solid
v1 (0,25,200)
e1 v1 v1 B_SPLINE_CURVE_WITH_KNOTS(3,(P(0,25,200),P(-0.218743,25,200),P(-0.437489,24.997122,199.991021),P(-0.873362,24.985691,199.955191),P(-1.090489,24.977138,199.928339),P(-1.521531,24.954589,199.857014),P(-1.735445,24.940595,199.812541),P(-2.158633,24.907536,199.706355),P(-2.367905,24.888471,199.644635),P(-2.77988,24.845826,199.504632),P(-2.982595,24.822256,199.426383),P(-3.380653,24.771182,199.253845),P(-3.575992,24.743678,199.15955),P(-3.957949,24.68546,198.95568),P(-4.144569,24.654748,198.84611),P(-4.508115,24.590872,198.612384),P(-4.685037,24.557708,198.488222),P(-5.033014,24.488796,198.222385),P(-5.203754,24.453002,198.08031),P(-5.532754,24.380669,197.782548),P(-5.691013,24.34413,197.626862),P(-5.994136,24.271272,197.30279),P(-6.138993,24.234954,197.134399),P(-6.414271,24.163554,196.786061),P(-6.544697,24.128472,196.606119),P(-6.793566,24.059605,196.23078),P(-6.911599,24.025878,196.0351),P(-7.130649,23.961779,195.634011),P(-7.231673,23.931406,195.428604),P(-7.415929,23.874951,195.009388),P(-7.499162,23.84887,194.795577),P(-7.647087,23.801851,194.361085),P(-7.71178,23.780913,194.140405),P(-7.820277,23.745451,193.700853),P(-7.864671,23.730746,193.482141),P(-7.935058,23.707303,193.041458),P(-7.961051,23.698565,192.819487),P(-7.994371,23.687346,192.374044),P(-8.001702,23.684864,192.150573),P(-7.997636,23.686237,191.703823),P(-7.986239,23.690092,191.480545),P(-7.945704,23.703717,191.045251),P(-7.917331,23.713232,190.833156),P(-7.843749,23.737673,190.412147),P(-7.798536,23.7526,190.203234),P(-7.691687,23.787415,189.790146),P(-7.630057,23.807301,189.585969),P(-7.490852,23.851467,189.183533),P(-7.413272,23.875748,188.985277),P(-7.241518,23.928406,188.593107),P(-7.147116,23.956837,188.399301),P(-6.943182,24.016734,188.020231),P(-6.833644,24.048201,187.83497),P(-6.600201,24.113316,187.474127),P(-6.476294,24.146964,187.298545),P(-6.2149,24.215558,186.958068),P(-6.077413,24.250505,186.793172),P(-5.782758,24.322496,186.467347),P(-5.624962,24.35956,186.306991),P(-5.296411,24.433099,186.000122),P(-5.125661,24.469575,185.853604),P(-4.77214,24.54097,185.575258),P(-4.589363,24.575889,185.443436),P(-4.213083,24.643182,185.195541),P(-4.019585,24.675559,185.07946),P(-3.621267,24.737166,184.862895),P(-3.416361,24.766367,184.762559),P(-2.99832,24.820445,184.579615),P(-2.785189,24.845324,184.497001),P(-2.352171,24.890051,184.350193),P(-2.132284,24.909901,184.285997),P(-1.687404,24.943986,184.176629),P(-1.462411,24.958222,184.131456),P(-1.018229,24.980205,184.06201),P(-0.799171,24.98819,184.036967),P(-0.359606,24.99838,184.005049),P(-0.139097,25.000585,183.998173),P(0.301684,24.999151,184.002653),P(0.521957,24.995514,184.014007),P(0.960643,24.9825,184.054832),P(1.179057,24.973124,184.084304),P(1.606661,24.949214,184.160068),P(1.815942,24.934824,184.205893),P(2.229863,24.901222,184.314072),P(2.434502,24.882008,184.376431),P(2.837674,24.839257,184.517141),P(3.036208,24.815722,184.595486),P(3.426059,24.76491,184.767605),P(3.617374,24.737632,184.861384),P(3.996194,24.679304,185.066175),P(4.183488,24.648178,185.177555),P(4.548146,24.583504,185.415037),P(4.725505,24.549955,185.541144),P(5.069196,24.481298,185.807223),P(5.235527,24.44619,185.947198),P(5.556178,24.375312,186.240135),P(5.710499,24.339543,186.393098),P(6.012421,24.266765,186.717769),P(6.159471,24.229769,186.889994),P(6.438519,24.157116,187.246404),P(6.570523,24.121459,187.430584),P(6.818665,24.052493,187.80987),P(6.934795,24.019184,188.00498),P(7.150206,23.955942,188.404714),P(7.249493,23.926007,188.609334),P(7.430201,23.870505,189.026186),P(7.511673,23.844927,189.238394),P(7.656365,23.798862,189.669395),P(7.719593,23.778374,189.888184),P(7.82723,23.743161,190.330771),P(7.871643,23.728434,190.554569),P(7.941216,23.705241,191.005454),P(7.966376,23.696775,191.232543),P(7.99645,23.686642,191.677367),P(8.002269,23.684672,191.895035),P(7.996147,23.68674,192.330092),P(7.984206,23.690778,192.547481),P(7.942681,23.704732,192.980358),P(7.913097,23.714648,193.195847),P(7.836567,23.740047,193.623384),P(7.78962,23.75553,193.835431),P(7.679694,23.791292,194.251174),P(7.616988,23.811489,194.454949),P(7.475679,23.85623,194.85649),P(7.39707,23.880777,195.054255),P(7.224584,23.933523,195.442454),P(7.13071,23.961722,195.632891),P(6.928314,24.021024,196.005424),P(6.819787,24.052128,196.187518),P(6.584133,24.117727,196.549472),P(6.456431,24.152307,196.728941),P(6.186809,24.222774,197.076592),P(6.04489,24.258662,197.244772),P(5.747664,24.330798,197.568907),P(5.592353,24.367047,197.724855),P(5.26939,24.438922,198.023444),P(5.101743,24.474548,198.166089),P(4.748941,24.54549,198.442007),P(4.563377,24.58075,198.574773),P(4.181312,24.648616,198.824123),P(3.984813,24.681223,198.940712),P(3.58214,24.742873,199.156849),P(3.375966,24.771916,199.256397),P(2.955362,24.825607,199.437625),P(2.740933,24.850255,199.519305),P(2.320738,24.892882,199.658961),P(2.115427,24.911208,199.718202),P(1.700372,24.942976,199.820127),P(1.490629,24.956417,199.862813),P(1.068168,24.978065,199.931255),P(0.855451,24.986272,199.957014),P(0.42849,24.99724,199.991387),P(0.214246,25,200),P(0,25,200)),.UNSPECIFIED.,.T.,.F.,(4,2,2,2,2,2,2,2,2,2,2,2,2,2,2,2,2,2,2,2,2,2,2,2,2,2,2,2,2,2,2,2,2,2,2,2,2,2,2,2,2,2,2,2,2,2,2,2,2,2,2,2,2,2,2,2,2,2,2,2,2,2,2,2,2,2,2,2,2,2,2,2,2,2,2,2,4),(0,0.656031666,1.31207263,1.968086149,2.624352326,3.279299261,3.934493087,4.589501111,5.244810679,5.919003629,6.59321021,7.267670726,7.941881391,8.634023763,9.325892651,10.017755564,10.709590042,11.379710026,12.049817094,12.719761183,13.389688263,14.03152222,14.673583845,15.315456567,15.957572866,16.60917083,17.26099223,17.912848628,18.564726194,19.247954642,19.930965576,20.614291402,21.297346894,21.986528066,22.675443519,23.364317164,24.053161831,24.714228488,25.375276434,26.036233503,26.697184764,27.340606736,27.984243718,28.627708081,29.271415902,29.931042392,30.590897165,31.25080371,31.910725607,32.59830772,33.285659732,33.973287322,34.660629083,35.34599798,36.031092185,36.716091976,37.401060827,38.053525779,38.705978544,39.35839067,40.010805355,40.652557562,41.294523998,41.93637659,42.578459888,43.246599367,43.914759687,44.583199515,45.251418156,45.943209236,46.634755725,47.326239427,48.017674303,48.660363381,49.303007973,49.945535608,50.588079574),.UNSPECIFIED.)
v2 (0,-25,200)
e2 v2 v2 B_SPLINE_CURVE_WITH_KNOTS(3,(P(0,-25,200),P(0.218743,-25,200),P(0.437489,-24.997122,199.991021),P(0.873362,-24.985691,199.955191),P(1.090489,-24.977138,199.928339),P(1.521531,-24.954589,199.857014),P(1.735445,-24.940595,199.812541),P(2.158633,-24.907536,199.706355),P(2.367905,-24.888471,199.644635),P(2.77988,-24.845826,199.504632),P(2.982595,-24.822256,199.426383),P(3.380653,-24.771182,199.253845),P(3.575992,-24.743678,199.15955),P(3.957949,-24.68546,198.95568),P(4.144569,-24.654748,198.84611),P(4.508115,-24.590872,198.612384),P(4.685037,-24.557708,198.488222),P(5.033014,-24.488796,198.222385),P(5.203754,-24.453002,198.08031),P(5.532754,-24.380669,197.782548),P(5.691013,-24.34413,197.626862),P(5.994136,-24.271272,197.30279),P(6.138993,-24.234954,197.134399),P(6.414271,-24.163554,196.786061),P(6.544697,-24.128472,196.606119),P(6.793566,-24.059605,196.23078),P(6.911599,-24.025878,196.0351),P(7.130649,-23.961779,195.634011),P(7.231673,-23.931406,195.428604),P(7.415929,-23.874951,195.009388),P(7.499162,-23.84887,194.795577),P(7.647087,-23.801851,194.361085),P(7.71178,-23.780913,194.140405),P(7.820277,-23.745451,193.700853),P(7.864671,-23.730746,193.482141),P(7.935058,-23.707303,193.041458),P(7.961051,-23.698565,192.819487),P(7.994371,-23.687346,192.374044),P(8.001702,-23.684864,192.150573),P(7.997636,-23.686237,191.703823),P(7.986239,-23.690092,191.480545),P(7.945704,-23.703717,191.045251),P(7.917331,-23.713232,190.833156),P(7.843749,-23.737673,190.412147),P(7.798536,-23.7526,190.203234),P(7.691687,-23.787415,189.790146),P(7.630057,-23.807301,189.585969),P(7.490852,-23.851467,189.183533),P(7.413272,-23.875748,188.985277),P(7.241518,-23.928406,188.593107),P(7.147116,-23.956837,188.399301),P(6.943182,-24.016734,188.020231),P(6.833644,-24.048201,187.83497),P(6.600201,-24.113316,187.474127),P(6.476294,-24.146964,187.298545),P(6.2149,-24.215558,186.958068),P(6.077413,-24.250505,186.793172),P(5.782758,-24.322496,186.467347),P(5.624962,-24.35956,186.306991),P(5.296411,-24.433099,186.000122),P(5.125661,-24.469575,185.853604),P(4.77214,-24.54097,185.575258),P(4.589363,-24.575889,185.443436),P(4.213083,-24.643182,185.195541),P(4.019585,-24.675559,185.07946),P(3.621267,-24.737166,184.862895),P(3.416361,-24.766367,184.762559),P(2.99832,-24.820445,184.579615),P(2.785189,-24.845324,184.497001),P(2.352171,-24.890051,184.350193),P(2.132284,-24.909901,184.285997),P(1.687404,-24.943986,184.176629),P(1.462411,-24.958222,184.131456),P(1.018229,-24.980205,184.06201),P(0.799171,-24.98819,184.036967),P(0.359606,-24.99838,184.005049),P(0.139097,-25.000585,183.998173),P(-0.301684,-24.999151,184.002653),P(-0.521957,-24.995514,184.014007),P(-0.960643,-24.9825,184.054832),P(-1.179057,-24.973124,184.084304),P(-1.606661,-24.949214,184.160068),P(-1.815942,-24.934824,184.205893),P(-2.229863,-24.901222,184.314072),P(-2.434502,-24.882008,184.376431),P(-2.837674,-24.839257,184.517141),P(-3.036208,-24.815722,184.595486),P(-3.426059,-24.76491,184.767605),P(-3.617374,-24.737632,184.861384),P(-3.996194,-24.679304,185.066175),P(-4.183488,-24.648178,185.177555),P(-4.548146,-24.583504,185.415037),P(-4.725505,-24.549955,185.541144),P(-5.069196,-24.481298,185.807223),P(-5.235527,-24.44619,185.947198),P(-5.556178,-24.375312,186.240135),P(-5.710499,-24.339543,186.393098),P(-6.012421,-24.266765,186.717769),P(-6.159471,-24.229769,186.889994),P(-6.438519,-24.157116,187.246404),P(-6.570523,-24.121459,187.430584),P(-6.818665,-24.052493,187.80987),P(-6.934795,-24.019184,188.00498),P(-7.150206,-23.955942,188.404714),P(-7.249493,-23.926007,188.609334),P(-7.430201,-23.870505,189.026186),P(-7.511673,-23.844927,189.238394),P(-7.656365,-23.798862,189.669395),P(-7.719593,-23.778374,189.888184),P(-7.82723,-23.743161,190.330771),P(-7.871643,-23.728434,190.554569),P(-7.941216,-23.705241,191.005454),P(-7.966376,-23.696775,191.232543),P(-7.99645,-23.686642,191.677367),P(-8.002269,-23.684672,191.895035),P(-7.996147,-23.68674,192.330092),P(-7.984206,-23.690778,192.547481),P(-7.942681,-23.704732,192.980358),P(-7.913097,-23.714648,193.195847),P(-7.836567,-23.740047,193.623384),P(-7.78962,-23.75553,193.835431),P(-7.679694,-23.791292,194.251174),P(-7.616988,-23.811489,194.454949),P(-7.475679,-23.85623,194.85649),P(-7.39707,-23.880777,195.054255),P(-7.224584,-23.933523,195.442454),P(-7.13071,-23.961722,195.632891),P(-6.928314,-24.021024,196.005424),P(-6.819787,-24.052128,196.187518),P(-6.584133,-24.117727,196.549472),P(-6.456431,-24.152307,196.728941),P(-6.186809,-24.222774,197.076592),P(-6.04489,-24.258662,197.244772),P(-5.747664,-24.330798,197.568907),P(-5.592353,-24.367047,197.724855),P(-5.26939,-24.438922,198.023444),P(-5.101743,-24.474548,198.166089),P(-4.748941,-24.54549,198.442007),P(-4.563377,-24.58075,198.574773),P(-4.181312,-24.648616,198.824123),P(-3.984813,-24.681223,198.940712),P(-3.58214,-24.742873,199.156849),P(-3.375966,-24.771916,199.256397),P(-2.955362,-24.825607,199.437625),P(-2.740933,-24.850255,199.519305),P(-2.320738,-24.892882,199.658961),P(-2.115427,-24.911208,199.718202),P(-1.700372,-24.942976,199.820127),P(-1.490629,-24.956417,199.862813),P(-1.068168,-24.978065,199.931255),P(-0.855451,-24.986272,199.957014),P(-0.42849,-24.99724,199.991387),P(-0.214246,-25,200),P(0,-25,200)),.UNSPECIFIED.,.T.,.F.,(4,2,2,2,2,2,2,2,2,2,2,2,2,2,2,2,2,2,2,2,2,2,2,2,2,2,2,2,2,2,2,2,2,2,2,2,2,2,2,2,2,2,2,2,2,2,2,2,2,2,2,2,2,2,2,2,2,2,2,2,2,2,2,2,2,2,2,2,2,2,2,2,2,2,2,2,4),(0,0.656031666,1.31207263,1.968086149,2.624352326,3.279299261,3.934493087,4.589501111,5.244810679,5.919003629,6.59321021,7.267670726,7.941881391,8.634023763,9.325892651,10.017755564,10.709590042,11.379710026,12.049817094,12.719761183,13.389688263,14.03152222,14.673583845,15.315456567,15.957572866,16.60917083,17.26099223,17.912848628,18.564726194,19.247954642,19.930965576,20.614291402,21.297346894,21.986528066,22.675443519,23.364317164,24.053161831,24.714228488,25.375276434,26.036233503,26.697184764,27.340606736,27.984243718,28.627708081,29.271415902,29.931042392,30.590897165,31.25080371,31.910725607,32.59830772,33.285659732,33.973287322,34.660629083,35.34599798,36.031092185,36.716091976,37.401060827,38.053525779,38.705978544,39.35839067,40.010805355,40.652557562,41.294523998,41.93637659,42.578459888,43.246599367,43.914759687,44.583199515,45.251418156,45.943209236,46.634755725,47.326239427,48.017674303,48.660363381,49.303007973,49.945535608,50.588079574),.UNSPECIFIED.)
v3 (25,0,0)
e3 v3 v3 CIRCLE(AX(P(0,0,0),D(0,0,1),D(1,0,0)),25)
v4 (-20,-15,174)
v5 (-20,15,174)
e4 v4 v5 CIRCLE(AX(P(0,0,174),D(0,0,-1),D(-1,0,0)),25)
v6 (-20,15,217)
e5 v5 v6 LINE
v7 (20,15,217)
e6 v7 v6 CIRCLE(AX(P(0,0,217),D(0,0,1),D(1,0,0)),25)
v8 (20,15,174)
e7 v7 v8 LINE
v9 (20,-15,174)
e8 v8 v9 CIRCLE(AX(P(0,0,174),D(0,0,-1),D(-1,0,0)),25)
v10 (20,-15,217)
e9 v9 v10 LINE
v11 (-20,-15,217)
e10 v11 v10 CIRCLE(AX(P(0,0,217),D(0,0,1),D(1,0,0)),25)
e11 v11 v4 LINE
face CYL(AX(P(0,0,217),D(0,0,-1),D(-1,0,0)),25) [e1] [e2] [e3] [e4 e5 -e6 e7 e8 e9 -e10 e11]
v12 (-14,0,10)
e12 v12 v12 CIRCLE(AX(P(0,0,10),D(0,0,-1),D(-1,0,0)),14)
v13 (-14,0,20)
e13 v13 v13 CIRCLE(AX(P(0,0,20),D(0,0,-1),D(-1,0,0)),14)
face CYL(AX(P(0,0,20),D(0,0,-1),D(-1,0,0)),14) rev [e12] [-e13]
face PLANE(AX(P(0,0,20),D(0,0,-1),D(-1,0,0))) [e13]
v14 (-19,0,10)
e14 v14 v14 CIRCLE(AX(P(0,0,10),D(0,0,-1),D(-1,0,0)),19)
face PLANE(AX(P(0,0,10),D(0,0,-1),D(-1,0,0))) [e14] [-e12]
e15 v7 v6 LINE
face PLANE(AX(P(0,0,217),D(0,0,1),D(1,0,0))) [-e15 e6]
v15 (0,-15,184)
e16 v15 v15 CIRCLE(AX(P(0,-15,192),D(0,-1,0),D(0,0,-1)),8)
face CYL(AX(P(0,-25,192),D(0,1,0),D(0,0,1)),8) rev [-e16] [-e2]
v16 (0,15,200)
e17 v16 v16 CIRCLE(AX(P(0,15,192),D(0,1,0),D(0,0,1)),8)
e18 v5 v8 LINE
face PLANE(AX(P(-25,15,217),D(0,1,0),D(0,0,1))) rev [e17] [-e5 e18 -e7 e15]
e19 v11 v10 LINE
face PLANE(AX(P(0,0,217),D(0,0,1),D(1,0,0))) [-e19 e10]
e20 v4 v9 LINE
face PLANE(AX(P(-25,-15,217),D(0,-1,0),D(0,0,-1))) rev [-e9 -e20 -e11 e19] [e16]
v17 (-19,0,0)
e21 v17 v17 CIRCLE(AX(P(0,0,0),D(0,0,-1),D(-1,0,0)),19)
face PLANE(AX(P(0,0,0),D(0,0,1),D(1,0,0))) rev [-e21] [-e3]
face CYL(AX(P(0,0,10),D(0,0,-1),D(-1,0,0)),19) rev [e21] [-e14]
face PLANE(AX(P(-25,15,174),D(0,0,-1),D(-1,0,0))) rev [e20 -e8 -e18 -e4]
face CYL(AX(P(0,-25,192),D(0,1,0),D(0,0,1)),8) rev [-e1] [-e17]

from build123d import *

# Parameters (mm, degrees)
SKETCH1_R               = 25
BOSS_EXTRUDE1_DEPTH     = 217
SKETCH2_R               = 19
CUT_EXTRUDE1_DEPTH      = 10
SKETCH3_R               = 14
CUT_EXTRUDE2_DEPTH      = 10
SKETCH4_W               = 43
SKETCH4_H               = 30
CUT_EXTRUDE3_DEPTH      = 26
CUT_EXTRUDE3_DEPTH_BACK = 26
SKETCH5_R               = 8
CUT_EXTRUDE4_DEPTH      = 26
CUT_EXTRUDE4_DEPTH_BACK = 26


with BuildPart() as part:
    # Sketch1 → Boss-Extrude1 (new body)
    with BuildSketch(Plane.XY):
        Circle(SKETCH1_R)
    extrude(amount=BOSS_EXTRUDE1_DEPTH)

    # Sketch2 → Cut-Extrude1 (cut)
    with BuildSketch(Plane(origin=(0, 0, 0), x_dir=(-1, 0, 0), z_dir=(0, 0, -1))):
        Circle(SKETCH2_R)
    extrude(amount=-CUT_EXTRUDE1_DEPTH, mode=Mode.SUBTRACT)

    # Sketch3 → Cut-Extrude2 (cut)
    with BuildSketch(Plane(origin=(0, 0, 10), x_dir=(-1, 0, 0), z_dir=(0, 0, -1))):
        Circle(SKETCH3_R)
    extrude(amount=-CUT_EXTRUDE2_DEPTH, mode=Mode.SUBTRACT)

    # Sketch4 → Cut-Extrude3 (cut, two sides)
    with BuildSketch(Plane(origin=(0, 0, 0), x_dir=(0, 0, -1), z_dir=(1, 0, 0))) as cut_extrude3_sk:
        with Locations((-195.5, 0)):
            Rectangle(SKETCH4_W, SKETCH4_H)
    extrude(amount=CUT_EXTRUDE3_DEPTH, mode=Mode.SUBTRACT)
    extrude(cut_extrude3_sk.sketch, amount=-CUT_EXTRUDE3_DEPTH_BACK, mode=Mode.SUBTRACT)

    # Sketch5 → Cut-Extrude4 (cut, two sides)
    with BuildSketch(Plane(origin=(0, 0, 0), x_dir=(1, 0, 0), z_dir=(0, 1, 0))) as cut_extrude4_sk:
        with Locations((0, -192)):
            Circle(SKETCH5_R)
    extrude(amount=CUT_EXTRUDE4_DEPTH, mode=Mode.SUBTRACT)
    extrude(cut_extrude4_sk.sketch, amount=-CUT_EXTRUDE4_DEPTH_BACK, mode=Mode.SUBTRACT)


solid = part.part
